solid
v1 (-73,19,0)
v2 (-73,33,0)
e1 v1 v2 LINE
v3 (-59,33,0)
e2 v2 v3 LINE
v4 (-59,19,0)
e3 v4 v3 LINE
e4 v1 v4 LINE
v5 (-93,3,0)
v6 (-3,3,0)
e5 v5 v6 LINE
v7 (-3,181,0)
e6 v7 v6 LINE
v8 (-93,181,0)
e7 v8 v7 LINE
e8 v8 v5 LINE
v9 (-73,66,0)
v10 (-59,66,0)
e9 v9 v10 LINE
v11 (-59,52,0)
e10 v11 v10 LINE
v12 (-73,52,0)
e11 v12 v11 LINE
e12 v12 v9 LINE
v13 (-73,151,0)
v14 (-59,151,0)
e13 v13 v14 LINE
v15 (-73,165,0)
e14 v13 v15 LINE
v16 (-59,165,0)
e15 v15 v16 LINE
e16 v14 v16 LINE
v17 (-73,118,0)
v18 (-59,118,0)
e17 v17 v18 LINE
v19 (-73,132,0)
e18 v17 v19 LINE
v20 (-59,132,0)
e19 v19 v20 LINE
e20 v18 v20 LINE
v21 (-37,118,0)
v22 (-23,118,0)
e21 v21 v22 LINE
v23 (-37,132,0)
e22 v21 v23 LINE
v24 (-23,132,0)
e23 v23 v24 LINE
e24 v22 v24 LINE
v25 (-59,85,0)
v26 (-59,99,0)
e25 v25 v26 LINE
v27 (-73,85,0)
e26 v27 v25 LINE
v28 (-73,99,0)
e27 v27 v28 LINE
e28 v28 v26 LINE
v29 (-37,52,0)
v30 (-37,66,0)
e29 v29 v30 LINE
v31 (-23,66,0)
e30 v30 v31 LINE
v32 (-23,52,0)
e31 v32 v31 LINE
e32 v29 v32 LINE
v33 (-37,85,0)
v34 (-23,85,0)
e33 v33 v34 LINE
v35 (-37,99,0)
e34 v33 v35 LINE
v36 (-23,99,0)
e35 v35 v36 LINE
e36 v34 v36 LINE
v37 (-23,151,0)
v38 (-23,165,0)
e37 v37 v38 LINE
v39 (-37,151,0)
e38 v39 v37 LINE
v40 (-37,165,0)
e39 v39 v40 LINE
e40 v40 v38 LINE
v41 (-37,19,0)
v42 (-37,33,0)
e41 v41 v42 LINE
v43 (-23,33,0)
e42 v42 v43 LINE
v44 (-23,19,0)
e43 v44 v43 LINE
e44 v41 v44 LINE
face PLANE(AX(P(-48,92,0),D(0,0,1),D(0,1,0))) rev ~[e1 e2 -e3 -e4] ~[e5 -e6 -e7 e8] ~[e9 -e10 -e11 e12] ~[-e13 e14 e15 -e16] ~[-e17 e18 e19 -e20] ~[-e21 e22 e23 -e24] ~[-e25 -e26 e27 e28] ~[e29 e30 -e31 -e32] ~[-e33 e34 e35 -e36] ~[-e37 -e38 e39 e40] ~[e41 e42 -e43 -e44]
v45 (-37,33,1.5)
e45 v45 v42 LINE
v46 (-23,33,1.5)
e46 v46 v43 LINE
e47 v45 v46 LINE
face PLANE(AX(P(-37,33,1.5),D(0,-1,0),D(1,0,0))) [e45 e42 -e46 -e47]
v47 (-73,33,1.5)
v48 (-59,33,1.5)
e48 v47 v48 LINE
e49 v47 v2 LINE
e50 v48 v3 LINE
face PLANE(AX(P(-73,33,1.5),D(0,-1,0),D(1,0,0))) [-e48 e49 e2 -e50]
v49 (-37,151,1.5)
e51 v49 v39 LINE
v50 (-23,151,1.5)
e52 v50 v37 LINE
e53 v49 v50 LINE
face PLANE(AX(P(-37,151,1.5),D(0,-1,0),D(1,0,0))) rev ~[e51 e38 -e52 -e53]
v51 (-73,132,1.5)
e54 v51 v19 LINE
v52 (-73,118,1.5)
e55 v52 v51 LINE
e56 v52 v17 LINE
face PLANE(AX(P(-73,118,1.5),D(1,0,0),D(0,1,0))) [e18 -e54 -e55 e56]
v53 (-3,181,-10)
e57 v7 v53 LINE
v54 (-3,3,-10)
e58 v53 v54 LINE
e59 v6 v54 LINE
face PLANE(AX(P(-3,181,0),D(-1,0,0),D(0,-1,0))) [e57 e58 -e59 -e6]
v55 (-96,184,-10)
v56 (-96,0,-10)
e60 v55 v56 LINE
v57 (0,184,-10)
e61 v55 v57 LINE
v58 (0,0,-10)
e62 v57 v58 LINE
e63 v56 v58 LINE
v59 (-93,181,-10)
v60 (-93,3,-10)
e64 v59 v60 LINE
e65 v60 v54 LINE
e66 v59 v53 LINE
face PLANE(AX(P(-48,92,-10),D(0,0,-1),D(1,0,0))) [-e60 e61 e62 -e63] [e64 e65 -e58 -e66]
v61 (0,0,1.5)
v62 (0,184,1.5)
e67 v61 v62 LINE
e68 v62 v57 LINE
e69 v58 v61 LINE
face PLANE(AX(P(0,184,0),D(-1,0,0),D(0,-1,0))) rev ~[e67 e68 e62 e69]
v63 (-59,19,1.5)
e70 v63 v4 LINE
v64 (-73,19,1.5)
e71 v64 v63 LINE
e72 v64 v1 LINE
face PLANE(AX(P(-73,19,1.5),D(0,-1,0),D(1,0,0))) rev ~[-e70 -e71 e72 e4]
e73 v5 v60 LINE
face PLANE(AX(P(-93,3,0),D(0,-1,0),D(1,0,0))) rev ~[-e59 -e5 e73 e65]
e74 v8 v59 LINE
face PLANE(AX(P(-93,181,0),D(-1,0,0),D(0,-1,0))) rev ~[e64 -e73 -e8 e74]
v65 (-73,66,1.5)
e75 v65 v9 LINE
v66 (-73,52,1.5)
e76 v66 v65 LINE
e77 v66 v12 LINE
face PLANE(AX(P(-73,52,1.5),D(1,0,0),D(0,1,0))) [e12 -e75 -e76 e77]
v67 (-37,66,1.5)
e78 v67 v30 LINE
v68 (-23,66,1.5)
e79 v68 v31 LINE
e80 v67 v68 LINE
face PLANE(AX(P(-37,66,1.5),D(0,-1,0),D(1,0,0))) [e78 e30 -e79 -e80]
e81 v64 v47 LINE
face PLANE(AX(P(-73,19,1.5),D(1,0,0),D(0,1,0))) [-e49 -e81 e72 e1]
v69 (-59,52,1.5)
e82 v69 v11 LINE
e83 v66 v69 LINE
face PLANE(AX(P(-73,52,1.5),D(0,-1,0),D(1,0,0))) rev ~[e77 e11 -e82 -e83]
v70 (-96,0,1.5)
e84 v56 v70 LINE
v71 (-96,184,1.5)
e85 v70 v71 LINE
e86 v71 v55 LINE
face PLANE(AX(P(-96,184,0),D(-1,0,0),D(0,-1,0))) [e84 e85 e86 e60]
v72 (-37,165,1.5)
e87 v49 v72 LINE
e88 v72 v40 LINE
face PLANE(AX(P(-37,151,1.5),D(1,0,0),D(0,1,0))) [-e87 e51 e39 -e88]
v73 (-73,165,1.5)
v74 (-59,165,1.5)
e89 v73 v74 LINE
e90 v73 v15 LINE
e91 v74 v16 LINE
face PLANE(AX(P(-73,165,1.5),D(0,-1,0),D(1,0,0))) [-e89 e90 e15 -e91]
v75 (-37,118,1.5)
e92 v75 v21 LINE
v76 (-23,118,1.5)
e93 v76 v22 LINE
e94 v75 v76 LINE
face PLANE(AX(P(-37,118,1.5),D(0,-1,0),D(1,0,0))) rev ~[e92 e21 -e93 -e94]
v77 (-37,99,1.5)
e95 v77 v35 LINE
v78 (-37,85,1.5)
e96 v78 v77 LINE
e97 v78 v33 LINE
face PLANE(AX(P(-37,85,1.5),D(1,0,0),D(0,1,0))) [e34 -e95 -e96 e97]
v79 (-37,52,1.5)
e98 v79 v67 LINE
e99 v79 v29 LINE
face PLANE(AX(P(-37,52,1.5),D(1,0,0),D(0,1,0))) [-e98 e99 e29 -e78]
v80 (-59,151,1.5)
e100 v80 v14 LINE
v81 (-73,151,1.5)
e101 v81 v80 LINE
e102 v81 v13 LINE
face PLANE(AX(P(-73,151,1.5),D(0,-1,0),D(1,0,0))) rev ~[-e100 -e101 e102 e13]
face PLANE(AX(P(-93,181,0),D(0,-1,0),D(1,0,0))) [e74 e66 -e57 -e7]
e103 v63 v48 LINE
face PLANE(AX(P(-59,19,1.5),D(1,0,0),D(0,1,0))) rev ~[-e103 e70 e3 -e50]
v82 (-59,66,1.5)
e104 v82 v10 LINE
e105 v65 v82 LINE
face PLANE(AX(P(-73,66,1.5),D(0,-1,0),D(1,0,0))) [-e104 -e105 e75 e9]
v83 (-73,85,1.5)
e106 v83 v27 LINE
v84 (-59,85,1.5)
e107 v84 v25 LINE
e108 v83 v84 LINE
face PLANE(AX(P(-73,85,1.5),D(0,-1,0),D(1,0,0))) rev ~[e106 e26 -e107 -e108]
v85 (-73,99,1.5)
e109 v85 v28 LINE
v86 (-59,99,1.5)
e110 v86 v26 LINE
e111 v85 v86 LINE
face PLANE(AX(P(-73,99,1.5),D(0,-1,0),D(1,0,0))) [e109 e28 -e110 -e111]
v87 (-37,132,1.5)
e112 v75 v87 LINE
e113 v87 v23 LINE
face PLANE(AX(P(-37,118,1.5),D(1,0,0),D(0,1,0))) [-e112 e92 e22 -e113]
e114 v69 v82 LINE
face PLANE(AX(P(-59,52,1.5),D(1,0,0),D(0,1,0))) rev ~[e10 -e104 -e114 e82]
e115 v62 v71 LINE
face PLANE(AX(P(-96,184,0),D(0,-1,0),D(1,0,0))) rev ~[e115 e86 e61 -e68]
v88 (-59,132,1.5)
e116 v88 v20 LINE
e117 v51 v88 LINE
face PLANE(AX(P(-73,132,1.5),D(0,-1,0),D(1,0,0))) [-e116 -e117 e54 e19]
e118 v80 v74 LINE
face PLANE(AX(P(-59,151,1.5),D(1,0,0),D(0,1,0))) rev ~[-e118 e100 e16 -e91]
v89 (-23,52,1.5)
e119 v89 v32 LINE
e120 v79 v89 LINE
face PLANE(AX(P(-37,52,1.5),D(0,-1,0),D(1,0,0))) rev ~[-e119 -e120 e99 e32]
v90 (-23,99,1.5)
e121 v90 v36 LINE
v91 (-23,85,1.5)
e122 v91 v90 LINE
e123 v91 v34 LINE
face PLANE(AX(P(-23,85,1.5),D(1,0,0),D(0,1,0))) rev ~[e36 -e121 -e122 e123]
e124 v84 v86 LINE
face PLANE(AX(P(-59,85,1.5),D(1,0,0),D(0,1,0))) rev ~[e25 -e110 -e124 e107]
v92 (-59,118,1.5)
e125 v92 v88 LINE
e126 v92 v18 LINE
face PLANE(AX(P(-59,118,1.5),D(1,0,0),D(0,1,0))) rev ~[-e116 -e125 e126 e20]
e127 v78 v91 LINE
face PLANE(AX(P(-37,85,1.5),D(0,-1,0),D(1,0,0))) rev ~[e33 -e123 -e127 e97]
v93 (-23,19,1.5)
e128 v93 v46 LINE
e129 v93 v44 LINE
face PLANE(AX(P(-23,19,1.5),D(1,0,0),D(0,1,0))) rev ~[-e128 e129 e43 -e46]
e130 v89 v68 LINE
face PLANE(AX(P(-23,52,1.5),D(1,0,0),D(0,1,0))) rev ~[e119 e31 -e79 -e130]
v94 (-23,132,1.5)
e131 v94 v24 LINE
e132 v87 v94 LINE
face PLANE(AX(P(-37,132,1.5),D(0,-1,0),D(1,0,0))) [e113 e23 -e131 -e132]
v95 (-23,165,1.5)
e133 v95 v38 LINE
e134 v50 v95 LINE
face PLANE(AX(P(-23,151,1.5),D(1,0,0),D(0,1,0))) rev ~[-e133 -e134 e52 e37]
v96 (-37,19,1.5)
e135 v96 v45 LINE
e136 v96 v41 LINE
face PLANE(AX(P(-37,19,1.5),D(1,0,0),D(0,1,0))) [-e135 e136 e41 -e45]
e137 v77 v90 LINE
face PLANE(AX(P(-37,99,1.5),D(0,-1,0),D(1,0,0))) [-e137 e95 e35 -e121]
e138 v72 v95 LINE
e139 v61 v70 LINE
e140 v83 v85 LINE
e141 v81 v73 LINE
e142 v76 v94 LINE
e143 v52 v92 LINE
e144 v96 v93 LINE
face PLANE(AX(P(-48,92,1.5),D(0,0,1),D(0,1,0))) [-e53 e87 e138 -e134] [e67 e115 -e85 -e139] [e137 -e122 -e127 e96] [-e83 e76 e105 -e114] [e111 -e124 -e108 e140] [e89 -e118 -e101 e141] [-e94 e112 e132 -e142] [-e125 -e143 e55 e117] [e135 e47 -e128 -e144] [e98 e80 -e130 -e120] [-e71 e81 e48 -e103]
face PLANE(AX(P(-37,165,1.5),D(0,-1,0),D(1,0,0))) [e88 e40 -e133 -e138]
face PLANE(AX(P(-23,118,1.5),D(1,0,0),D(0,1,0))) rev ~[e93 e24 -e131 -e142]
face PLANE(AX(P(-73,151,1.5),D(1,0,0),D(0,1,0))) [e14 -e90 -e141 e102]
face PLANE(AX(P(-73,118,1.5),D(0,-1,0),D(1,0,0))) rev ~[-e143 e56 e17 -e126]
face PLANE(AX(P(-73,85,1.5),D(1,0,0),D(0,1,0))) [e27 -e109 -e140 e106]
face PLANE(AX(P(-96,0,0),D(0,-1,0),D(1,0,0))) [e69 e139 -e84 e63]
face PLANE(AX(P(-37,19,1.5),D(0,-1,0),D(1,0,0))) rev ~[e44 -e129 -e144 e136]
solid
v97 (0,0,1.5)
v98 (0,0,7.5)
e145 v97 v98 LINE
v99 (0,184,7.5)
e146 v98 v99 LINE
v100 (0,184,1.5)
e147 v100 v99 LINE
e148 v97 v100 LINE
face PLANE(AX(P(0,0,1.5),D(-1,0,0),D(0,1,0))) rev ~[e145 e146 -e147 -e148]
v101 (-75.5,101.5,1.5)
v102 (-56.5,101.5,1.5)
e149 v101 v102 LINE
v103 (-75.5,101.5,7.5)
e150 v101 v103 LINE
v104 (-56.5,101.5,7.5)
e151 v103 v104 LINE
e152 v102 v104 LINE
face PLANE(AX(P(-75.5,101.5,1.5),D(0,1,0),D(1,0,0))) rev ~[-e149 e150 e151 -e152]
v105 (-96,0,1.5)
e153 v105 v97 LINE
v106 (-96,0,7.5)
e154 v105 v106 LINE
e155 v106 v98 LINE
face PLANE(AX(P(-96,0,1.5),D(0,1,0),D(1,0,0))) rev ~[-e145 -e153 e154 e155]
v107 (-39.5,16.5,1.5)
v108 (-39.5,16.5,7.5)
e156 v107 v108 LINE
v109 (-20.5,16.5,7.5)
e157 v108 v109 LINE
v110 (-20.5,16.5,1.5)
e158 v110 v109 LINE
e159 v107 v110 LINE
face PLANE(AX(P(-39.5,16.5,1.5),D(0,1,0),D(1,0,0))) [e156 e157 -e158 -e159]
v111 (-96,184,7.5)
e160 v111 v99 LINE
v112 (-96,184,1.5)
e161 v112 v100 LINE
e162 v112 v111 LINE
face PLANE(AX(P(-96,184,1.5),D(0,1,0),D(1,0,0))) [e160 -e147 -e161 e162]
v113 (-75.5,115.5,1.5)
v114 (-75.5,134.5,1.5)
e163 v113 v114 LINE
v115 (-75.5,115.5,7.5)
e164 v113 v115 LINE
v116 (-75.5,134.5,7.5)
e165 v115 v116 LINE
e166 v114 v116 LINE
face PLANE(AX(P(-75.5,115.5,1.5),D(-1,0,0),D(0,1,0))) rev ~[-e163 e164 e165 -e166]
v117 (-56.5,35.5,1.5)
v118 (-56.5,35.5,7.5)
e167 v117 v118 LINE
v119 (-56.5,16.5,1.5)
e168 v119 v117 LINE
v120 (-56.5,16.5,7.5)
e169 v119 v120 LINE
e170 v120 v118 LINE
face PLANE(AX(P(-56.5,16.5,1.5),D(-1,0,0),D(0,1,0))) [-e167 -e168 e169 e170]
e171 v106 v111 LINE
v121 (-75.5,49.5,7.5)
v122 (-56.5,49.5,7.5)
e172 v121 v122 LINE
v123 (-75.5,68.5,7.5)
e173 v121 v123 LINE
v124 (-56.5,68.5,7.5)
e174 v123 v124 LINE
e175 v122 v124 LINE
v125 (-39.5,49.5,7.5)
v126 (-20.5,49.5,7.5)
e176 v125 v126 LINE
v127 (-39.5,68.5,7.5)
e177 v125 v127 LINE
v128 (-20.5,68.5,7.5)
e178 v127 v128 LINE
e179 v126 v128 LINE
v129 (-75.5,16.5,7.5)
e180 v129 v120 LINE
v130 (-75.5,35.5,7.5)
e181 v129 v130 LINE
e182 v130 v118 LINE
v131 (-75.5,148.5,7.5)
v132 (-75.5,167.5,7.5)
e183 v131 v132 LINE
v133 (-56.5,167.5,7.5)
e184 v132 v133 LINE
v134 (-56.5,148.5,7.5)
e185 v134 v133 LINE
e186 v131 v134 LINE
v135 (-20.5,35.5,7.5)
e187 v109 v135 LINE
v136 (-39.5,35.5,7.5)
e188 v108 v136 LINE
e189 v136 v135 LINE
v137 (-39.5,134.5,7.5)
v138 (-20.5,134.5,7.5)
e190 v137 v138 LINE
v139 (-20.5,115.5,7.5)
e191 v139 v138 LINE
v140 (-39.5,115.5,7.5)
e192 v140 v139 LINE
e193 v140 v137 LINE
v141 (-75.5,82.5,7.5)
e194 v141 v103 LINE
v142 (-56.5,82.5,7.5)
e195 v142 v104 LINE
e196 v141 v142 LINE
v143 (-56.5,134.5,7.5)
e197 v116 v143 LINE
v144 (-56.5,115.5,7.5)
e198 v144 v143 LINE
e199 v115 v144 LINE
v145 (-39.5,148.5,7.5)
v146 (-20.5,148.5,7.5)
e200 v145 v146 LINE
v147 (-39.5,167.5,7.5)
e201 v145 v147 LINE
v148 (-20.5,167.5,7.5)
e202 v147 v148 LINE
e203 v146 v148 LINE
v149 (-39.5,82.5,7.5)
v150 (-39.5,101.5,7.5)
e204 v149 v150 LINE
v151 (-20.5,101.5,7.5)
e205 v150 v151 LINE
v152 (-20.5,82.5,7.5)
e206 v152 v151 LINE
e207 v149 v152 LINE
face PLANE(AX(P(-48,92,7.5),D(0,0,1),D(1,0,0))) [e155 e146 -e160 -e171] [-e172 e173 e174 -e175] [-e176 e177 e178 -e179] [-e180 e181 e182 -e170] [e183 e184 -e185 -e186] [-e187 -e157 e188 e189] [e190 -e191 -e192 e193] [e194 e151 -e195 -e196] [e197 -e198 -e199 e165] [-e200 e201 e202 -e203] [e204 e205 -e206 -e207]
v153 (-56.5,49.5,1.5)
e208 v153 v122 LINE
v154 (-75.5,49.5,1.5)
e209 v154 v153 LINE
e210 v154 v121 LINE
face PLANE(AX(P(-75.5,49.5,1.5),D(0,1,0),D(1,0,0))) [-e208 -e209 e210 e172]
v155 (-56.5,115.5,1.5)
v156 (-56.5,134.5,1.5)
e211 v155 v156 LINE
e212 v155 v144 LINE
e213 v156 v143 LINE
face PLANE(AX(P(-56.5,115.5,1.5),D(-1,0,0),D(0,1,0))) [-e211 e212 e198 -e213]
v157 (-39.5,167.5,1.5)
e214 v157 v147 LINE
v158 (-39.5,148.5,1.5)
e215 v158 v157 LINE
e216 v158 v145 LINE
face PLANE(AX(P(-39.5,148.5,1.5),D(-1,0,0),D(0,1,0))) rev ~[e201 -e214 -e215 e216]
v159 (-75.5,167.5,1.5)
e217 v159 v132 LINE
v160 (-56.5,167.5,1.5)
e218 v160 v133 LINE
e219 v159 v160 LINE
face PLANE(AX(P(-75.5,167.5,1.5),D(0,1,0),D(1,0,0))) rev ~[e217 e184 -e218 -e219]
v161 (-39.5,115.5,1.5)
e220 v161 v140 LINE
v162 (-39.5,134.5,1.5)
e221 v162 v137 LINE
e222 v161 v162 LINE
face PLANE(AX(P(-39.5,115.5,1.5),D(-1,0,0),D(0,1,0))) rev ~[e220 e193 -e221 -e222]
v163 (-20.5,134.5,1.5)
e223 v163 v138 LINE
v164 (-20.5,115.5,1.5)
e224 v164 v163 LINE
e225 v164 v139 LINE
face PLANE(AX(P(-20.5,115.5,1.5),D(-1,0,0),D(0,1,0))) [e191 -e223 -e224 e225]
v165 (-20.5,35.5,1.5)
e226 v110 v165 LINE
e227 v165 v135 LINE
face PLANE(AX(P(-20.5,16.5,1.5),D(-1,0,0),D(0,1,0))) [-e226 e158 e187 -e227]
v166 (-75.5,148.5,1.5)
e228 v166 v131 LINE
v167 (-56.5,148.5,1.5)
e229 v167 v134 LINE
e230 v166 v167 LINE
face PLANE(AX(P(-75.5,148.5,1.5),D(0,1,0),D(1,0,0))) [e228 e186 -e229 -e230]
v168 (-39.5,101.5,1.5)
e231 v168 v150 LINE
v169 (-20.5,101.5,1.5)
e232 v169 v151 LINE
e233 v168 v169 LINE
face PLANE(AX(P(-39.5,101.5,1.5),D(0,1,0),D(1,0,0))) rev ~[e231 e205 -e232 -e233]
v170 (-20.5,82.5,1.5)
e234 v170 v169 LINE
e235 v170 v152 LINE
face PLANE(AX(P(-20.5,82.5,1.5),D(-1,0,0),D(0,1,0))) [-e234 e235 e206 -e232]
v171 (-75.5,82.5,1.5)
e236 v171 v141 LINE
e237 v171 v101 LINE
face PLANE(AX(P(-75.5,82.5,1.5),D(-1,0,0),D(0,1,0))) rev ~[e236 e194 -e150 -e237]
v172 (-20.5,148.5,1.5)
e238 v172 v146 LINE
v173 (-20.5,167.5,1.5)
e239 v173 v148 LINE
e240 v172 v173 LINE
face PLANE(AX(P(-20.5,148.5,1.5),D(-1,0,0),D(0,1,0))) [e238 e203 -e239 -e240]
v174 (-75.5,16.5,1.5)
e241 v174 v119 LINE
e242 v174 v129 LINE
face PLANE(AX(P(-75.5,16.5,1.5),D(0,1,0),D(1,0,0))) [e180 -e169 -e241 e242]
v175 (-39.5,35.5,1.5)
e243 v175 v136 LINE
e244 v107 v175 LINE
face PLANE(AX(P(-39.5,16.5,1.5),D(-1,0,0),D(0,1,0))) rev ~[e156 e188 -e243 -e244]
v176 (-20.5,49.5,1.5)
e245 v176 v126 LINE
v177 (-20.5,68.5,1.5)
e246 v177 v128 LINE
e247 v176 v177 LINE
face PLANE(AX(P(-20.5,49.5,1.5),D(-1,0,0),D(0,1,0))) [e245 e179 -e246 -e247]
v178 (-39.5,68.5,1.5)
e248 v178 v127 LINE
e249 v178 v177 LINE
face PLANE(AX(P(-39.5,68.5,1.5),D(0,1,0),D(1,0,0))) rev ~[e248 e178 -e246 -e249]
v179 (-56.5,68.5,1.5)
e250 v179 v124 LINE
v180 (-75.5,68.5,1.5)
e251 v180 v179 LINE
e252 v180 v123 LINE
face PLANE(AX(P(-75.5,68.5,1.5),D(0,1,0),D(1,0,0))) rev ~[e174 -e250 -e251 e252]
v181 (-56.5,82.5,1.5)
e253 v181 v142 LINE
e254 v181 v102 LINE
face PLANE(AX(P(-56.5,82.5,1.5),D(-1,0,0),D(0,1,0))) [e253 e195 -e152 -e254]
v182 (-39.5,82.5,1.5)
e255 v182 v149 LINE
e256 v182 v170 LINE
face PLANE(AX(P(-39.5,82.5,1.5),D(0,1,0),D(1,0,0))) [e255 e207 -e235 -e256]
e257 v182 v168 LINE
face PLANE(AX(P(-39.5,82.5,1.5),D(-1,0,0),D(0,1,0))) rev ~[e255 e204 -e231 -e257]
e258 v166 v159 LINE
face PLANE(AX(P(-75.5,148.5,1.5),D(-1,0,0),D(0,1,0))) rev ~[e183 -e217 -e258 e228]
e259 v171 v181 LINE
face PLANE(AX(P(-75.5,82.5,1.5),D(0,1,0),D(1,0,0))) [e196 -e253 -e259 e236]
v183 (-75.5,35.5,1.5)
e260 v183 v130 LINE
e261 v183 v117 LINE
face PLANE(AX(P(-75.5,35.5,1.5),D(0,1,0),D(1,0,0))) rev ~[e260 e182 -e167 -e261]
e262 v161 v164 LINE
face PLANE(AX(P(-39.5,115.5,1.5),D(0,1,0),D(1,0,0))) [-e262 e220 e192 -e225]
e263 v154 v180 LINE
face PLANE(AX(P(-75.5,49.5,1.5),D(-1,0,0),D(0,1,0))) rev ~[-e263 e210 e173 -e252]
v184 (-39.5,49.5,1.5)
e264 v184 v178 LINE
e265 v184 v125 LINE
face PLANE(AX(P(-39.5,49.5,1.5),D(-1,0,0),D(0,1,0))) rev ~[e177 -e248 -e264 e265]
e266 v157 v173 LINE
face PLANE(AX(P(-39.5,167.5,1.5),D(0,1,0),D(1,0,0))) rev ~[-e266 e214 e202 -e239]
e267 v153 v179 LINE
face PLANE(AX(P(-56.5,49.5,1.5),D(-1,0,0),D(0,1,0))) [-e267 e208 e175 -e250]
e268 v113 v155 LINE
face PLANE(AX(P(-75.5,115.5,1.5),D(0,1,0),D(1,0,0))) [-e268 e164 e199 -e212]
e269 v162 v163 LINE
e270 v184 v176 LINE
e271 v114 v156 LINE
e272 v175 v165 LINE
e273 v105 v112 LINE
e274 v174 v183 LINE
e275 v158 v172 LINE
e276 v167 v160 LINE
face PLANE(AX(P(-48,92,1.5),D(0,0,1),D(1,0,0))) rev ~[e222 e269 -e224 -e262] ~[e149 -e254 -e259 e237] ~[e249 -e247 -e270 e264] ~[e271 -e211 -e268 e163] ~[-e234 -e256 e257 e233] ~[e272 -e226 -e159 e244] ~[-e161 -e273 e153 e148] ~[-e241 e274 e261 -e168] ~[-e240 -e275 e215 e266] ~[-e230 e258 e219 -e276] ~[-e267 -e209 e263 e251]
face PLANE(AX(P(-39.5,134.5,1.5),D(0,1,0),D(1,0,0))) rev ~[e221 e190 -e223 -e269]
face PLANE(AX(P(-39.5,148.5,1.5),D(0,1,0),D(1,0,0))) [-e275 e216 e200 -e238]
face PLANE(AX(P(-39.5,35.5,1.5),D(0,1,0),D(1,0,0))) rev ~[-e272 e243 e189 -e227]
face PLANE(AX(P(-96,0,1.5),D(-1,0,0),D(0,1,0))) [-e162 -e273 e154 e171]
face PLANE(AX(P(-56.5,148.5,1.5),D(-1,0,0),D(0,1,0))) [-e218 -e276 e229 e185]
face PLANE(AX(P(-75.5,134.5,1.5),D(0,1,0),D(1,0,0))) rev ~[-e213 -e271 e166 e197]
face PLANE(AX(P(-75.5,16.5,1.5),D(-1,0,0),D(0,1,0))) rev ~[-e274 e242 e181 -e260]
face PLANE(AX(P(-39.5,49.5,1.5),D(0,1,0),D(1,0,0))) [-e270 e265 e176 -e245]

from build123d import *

# Parameters (mm, degrees)
SKETCH1_W           = 184
SKETCH1_H           = 96
BOSS_EXTRUDE1_DEPTH = 1.5
SKETCH2_W           = 14
SKETCH2_H           = 14
CUT_EXTRUDE1_DEPTH  = 1.5
SKETCH3_W           = 96
SKETCH3_H           = 184
SKETCH3_W_2         = 19
SKETCH3_H_2         = 19
UP_COVER_DEPTH      = 6
SKETCH4_W           = 96
SKETCH4_H           = 184
SKETCH4_W_2         = 90
SKETCH4_H_2         = 178
BOSS_EXTRUDE3_DEPTH = 10


with BuildPart() as part:
    # Sketch1 → Boss-Extrude1 (new body)
    with BuildSketch(Plane(origin=(0, 0, 0), x_dir=(0, 1, 0), z_dir=(0, 0, 1))):
        with Locations((92, 48)):
            Rectangle(SKETCH1_W, SKETCH1_H)
    extrude(amount=BOSS_EXTRUDE1_DEPTH)

    # Sketch2 → Cut-Extrude1 (cut)
    with BuildSketch(Plane.XY.offset(1.5)):
        with Locations((-66, 59)):
            Rectangle(SKETCH2_W, SKETCH2_H)
        with Locations((-66, 92)):
            Rectangle(SKETCH2_W, SKETCH2_H)
        with Locations((-66, 26)):
            Rectangle(SKETCH2_W, SKETCH2_H)
        with Locations((-66, 125)):
            Rectangle(SKETCH2_W, SKETCH2_H)
        with Locations((-66, 158)):
            Rectangle(SKETCH2_W, SKETCH2_H)
        with Locations((-30, 92)):
            Rectangle(SKETCH2_W, SKETCH2_H)
        with Locations((-30, 59)):
            Rectangle(SKETCH2_W, SKETCH2_H)
        with Locations((-30, 26)):
            Rectangle(SKETCH2_W, SKETCH2_H)
        with Locations((-30, 158)):
            Rectangle(SKETCH2_W, SKETCH2_H)
        with Locations((-30, 125)):
            Rectangle(SKETCH2_W, SKETCH2_H)
    extrude(amount=-CUT_EXTRUDE1_DEPTH, mode=Mode.SUBTRACT)

    # Sketch4 → Boss-Extrude3 (add)
    with BuildSketch(Plane(origin=(0, 0, 0), x_dir=(1, 0, 0), z_dir=(0, 0, -1))):
        with Locations((-48, -92)):
            Rectangle(SKETCH4_W, SKETCH4_H)
        with Locations((-48, -92)):
            Rectangle(SKETCH4_W_2, SKETCH4_H_2, mode=Mode.SUBTRACT)
    extrude(amount=BOSS_EXTRUDE3_DEPTH)


with BuildPart() as body_2:
    # Sketch3 → up-cover (new body)
    with BuildSketch(Plane.XY.offset(1.5)):
        with Locations((-48, 92)):
            Rectangle(SKETCH3_W, SKETCH3_H)
        with Locations((-66, 158)):
            Rectangle(SKETCH3_W_2, SKETCH3_H_2, mode=Mode.SUBTRACT)
        with Locations((-30, 158)):
            Rectangle(SKETCH3_W_2, SKETCH3_H_2, mode=Mode.SUBTRACT)
        with Locations((-30, 125)):
            Rectangle(SKETCH3_W_2, SKETCH3_H_2, mode=Mode.SUBTRACT)
        with Locations((-30, 92)):
            Rectangle(SKETCH3_W_2, SKETCH3_H_2, mode=Mode.SUBTRACT)
        with Locations((-30, 59)):
            Rectangle(SKETCH3_W_2, SKETCH3_H_2, mode=Mode.SUBTRACT)
        with Locations((-30, 26)):
            Rectangle(SKETCH3_W_2, SKETCH3_H_2, mode=Mode.SUBTRACT)
        with Locations((-66, 125)):
            Rectangle(SKETCH3_W_2, SKETCH3_H_2, mode=Mode.SUBTRACT)
        with Locations((-66, 92)):
            Rectangle(SKETCH3_W_2, SKETCH3_H_2, mode=Mode.SUBTRACT)
        with Locations((-66, 59)):
            Rectangle(SKETCH3_W_2, SKETCH3_H_2, mode=Mode.SUBTRACT)
        with Locations((-66, 26)):
            Rectangle(SKETCH3_W_2, SKETCH3_H_2, mode=Mode.SUBTRACT)
    extrude(amount=UP_COVER_DEPTH)


solid = Compound([part.part, body_2.part])
